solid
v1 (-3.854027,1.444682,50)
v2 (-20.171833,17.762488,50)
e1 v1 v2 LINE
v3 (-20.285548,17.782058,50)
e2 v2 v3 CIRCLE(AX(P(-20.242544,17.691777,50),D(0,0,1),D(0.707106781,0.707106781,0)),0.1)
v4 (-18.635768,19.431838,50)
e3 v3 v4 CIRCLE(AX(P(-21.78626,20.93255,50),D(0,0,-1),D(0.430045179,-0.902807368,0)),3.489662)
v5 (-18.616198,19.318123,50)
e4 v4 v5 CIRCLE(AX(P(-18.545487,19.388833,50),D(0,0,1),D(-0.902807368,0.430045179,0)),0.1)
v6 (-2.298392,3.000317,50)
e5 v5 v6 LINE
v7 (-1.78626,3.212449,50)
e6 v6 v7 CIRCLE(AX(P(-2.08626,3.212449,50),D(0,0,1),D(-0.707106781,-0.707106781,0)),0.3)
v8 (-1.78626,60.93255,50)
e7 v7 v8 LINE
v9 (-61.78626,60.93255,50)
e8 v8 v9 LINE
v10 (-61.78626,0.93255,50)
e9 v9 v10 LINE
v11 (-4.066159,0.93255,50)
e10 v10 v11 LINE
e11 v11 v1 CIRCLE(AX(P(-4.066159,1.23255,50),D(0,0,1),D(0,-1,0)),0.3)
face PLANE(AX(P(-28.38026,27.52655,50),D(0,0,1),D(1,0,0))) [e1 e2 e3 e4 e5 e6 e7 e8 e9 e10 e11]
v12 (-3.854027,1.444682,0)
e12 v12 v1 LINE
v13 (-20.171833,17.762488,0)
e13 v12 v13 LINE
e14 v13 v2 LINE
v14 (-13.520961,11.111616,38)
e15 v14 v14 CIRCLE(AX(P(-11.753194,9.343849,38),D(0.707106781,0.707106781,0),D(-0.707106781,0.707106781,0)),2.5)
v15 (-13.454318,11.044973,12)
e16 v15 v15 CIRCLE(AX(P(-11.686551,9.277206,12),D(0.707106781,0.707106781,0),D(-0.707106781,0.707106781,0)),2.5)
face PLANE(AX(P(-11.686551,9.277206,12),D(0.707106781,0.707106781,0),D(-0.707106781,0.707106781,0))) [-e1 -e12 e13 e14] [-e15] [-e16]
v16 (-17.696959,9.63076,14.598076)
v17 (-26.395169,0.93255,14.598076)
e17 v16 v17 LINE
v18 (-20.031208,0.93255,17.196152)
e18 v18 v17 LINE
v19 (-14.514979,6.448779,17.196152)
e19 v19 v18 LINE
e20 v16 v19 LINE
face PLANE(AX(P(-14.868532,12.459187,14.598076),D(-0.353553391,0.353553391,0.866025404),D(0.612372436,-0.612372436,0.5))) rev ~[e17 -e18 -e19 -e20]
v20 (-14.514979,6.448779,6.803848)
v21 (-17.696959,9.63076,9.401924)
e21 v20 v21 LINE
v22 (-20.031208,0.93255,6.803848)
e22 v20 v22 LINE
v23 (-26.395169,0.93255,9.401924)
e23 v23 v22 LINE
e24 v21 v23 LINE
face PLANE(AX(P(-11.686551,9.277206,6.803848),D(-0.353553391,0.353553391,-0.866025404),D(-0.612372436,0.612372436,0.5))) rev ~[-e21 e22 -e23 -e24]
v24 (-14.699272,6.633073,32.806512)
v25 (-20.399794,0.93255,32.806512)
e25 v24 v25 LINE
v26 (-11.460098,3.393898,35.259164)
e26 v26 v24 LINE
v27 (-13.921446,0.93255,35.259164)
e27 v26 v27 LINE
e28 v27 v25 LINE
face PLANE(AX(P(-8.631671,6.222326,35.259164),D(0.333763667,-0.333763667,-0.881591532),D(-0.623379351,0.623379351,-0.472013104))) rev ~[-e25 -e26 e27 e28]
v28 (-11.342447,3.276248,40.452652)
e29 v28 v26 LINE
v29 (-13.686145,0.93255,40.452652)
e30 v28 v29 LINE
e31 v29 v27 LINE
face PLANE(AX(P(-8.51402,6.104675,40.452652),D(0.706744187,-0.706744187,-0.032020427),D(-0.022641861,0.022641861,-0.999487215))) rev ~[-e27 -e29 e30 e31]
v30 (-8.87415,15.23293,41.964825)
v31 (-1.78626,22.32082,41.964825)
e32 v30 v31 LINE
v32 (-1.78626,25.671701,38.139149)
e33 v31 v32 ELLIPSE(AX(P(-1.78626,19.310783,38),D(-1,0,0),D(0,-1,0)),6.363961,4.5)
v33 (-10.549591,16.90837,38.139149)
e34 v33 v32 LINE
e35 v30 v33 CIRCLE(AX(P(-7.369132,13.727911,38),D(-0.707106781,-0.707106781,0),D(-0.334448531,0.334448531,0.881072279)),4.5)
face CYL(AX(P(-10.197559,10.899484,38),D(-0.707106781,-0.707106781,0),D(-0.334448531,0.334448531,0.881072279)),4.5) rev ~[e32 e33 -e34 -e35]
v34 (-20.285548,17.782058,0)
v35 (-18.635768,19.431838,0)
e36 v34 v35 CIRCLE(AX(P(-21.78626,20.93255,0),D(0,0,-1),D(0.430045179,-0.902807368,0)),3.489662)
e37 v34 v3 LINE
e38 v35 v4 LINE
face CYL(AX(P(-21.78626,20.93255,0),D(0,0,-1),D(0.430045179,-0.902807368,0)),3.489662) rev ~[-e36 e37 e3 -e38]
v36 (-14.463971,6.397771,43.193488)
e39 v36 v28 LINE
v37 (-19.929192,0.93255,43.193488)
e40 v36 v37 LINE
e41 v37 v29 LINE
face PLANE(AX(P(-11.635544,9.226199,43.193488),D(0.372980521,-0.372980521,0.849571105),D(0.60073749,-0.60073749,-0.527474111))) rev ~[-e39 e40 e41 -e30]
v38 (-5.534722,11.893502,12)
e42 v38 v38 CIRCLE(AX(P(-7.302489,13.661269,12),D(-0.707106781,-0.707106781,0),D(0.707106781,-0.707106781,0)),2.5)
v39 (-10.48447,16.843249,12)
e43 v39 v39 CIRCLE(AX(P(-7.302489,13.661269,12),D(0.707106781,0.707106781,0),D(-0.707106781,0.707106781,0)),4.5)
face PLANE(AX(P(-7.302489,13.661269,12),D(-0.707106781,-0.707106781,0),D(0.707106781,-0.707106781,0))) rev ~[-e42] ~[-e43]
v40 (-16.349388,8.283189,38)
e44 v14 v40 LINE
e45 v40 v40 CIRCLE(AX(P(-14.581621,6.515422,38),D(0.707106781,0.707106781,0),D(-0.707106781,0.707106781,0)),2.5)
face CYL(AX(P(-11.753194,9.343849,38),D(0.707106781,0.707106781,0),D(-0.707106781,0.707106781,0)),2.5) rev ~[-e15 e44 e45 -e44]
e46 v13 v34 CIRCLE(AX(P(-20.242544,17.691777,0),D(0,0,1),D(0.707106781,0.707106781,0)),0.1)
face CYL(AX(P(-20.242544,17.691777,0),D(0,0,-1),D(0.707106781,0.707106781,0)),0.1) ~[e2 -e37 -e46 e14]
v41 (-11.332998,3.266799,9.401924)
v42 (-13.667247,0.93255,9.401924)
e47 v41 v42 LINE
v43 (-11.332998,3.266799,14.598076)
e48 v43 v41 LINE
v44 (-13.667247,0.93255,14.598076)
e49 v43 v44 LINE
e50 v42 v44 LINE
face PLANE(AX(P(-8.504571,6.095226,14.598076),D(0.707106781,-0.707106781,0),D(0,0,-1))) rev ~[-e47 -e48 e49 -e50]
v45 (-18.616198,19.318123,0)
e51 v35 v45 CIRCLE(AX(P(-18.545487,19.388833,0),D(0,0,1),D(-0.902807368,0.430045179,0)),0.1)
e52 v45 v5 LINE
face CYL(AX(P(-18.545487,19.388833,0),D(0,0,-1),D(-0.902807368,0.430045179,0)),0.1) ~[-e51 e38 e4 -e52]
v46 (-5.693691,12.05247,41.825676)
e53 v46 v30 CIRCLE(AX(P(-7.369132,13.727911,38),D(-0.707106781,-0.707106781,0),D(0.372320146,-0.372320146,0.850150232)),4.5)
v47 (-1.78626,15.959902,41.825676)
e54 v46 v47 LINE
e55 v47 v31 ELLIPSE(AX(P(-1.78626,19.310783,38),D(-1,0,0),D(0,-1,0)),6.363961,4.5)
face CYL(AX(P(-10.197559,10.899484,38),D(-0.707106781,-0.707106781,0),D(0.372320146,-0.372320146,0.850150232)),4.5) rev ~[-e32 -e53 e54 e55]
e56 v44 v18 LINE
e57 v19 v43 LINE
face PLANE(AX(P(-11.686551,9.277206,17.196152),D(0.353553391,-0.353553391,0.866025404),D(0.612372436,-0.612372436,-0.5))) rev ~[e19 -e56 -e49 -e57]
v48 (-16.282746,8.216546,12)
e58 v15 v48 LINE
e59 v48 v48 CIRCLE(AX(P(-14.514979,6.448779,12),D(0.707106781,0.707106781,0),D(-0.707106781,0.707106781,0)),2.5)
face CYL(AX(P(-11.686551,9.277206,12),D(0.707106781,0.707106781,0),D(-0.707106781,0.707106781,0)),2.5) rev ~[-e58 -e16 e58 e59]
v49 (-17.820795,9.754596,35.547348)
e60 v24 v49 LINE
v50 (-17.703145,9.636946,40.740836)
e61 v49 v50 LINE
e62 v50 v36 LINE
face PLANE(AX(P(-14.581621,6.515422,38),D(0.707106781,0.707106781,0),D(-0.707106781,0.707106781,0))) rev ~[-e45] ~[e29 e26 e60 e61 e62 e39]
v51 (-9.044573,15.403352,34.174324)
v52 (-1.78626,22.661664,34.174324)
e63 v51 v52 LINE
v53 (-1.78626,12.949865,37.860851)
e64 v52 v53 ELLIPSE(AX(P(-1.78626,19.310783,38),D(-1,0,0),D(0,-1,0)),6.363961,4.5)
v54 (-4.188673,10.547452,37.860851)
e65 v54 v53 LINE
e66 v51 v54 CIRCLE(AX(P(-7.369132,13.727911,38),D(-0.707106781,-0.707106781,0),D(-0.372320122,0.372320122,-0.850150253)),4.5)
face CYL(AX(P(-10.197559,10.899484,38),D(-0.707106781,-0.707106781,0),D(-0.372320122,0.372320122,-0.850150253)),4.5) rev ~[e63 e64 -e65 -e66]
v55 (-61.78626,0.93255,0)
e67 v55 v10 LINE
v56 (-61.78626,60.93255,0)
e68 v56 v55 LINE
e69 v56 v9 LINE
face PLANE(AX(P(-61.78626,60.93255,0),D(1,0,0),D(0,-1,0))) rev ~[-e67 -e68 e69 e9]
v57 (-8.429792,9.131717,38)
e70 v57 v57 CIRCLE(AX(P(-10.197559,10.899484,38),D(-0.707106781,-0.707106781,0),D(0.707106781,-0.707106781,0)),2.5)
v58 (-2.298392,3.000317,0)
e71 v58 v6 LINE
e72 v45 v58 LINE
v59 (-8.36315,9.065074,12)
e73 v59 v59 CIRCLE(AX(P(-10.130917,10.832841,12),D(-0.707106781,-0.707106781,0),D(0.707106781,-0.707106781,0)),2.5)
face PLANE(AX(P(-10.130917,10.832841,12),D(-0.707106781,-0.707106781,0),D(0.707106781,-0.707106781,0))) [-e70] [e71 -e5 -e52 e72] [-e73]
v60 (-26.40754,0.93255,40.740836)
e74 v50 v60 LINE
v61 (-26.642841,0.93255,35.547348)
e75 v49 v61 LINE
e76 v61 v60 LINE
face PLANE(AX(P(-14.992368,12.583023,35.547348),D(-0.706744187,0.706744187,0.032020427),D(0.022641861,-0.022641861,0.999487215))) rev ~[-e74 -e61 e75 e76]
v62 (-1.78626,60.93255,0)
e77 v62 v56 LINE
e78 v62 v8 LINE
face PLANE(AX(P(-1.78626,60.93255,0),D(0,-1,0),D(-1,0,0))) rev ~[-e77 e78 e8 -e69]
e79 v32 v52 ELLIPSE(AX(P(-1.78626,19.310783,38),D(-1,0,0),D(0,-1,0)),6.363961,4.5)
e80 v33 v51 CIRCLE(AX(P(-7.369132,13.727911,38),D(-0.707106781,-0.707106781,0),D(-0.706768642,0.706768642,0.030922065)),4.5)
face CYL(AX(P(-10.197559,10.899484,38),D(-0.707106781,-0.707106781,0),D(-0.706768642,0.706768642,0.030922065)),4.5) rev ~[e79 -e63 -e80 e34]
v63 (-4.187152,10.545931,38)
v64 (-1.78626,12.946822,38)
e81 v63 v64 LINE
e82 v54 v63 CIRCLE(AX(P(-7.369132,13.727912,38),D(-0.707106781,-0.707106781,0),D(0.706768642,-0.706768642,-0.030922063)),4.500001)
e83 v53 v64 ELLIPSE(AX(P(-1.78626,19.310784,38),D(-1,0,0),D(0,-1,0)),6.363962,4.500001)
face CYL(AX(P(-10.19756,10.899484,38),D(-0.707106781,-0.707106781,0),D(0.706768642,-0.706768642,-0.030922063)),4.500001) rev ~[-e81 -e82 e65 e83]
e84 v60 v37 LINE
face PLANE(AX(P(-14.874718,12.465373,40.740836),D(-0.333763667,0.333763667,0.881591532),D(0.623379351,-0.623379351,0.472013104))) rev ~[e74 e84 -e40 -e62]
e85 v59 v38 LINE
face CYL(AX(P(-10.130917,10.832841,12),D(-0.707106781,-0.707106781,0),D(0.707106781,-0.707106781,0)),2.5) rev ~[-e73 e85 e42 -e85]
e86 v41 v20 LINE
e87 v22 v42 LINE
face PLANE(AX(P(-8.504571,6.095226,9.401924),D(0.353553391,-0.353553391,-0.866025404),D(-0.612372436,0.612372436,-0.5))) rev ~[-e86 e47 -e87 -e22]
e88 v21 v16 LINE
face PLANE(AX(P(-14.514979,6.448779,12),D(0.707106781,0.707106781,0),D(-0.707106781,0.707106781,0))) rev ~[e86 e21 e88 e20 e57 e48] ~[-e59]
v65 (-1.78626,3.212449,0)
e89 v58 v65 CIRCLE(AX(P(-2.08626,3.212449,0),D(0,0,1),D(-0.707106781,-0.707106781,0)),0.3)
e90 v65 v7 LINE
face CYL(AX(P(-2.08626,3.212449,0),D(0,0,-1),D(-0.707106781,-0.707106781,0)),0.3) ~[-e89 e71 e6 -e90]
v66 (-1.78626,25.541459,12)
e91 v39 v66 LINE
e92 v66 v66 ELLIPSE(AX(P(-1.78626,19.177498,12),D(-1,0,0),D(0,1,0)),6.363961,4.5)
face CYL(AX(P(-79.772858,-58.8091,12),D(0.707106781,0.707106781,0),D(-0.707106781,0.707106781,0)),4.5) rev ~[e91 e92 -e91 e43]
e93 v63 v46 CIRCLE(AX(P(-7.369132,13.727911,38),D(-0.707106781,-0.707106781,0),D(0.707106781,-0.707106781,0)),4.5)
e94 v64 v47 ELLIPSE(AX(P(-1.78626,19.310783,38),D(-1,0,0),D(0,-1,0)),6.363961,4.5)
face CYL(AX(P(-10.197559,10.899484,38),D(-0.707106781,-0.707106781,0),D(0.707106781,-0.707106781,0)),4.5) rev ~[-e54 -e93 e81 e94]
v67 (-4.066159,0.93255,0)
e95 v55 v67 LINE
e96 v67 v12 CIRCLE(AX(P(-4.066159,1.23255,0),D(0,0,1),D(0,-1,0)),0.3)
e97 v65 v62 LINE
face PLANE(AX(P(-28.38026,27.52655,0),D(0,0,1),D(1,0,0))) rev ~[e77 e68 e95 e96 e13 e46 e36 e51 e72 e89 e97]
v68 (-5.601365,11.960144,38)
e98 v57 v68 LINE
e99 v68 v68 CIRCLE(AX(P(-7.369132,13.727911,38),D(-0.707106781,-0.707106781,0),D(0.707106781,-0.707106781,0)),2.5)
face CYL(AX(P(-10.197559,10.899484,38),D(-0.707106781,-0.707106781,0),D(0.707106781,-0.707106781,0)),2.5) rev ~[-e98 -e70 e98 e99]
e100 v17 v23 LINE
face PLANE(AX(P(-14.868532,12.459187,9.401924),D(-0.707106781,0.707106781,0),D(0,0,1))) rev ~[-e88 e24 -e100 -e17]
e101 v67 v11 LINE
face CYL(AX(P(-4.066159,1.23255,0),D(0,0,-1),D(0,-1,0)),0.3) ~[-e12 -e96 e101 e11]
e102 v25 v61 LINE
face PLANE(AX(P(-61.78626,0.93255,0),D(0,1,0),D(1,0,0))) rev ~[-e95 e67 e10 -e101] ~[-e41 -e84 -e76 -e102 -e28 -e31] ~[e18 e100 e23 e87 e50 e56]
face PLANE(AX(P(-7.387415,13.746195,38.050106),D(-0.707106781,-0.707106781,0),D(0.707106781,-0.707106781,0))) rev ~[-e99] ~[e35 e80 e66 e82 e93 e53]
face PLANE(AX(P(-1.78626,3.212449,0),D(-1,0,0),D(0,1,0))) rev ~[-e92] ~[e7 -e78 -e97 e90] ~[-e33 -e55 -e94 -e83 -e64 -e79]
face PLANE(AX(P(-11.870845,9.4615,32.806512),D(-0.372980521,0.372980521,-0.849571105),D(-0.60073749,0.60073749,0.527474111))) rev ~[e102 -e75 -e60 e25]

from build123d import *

# Parameters (mm, degrees)
F1_DEPTH  = 50
F3_D      = 5
F3_DEPTH  = 41.3274068712
F4_D      = 5
F2_R      = 2.5
F5_DEPTH  = 25
F7_DEPTH  = 4
F8_D      = 5
F8_DEPTH  = 43.5274068712
F9_R      = 2.5
F10_DEPTH = 25
F11_DEPTH = 4
F12_D     = 9
F2_R_2    = 4.5
F13_DEPTH = 4
F14_DEPTH = 4


with BuildPart() as f1:
    # F0 (on Top) → F1 (new body)
    with BuildSketch(Plane.XY):
        with BuildLine():
            Line((-1.7862601951, 60.9325501156), (-61.7862601951, 60.9325501156))
            Line((-61.7862601951, 60.9325501156), (-61.7862601951, 0.9325501156))
            Line((-61.7862601951, 0.9325501156), (-4.0661591824, 0.9325501156))
            ThreePointArc((-4.0661591824, 0.9325501156), (-3.7889953226, 1.1177450859), (-3.854027148, 1.4446821499))
            Line((-3.854027148, 1.4446821499), (-20.1718328565, 17.7624878584))
            ThreePointArc((-20.1718328565, 17.7624878584), (-20.2255831505, 17.7903284125), (-20.2855480525, 17.7820579171))
            ThreePointArc((-20.2855480525, 17.7820579171), (-24.2538235709, 23.4001134914), (-18.6357679966, 19.431837973))
            ThreePointArc((-18.6357679966, 19.431837973), (-18.644038492, 19.371873071), (-18.6161979379, 19.318122777))
            Line((-18.6161979379, 19.318122777), (-2.2983922294, 3.0003170685))
            ThreePointArc((-2.2983922294, 3.0003170685), (-1.9714551654, 2.9352852431), (-1.7862601951, 3.2124491029))
            Line((-1.7862601951, 3.2124491029), (-1.7862601951, 60.9325501156))
        make_face()
    extrude(amount=F1_DEPTH)

    # F3 (through all, one way)
    with BuildSketch(Plane(origin=(0.3509624196, 0.3509624196, 0), x_dir=(0.7071067812, -0.7071067812, 0), z_dir=(-0.7071067812, -0.7071067812, 0))):
        with Locations((-14.9178623246, 38)):
            Circle(F3_D / 2)
    extrude(amount=-F3_DEPTH, mode=Mode.SUBTRACT)

    # F4 (through all)
    with Locations(Plane(origin=(0.3509624196, 0.3509624196, 0), x_dir=(0.7071067812, -0.7071067812, 0), z_dir=(0.7071067812, 0.7071067812, 0))):
        with Locations((-14.9178623246, -38)):
            Hole(F4_D / 2)


with BuildPart() as f5:
    # F2 (on face) → F5 (new body)
    with BuildSketch(Plane(origin=(0.3509624196, 0.3509624196, 0), x_dir=(0.7071067812, -0.7071067812, 0), z_dir=(-0.7071067812, -0.7071067812, 0))):
        with BuildLine():
            ThreePointArc((-10.4200142309, 37.8608507059), (-10.4184003334, 37.9304170338), (-10.4178623246, 38))
            ThreePointArc((-10.4178623246, 38), (-10.9864224448, 40.1894703631), (-12.5484314228, 41.825676045))
            ThreePointArc((-12.5484314228, 41.825676045), (-14.778713123, 42.4978480966), (-17.0462797434, 41.9648252536))
            ThreePointArc((-17.0462797434, 41.9648252536), (-18.7435384475, 40.3694307761), (-19.4157104183, 38.1391492941))
            ThreePointArc((-19.4157104183, 38.1391492941), (-18.8826876493, 35.8715827137), (-17.2872930734, 34.1743238602))
            ThreePointArc((-17.2872930734, 34.1743238602), (-15.0570115589, 33.5021519045), (-12.789445122, 34.0351746304))
            ThreePointArc((-12.789445122, 34.0351746304), (-11.0921862663, 35.6305691196), (-10.4200142309, 37.8608507059))
        make_face()
        with Locations((-14.9178623246, 38)):
            Circle(F2_R, mode=Mode.SUBTRACT)
    extrude(amount=-F5_DEPTH)


with BuildPart() as f1_1:
    add(f1.part)

    # F6: cut F5
    add(f5.part, mode=Mode.SUBTRACT)

    # F2 (on face) → F7 (join)
    with BuildSketch(Plane(origin=(0.3509624196, 0.3509624196, 0), x_dir=(0.7071067812, -0.7071067812, 0), z_dir=(-0.7071067812, -0.7071067812, 0))):
        with BuildLine():
            ThreePointArc((-10.4200142309, 37.8608507059), (-10.4184003334, 37.9304170338), (-10.4178623246, 38))
            ThreePointArc((-10.4178623246, 38), (-10.9864224448, 40.1894703631), (-12.5484314228, 41.825676045))
            ThreePointArc((-12.5484314228, 41.825676045), (-14.778713123, 42.4978480966), (-17.0462797434, 41.9648252536))
            ThreePointArc((-17.0462797434, 41.9648252536), (-18.7435384475, 40.3694307761), (-19.4157104183, 38.1391492941))
            ThreePointArc((-19.4157104183, 38.1391492941), (-18.8826876493, 35.8715827137), (-17.2872930734, 34.1743238602))
            ThreePointArc((-17.2872930734, 34.1743238602), (-15.0570115589, 33.5021519045), (-12.789445122, 34.0351746304))
            ThreePointArc((-12.789445122, 34.0351746304), (-11.0921862663, 35.6305691196), (-10.4200142309, 37.8608507059))
        make_face()
        with Locations((-14.9178623246, 38)):
            Circle(F2_R, mode=Mode.SUBTRACT)
    extrude(amount=-F7_DEPTH)

    # F8 (through all, one way)
    with BuildSketch(Plane(origin=(0.3509624196, 0.3509624196, 0), x_dir=(0.7071067812, -0.7071067812, 0), z_dir=(0.7071067812, 0.7071067812, 0))):
        with Locations((-14.8236154172, -12)):
            Circle(F8_D / 2)
    extrude(amount=-F8_DEPTH, mode=Mode.SUBTRACT)

    # F9 (on face) → F10 (cut)
    with BuildSketch(Plane(origin=(-1.2046724991, -1.2046724991, 0), x_dir=(-0.7071067812, 0.7071067812, 0), z_dir=(0.7071067812, 0.7071067812, 0))):
        Polygon((14.7514793048, 43.1934879119), (10.3369783488, 40.452652034), (10.5033613687, 35.2591641221), (15.0842453445, 32.8065120881), (19.4987463005, 35.547347966), (19.3323632806, 40.7408358779), align=None)
        with Locations((14.9178623246, 38)):
            Circle(F9_R, mode=Mode.SUBTRACT)
        Polygon((19.3236154172, 9.4019237886), (19.3236154172, 14.5980762114), (14.8236154172, 17.1961524227), (10.3236154172, 14.5980762114), (10.3236154172, 9.4019237886), (14.8236154172, 6.8038475773), align=None)
    extrude(amount=-F10_DEPTH, mode=Mode.SUBTRACT)

    # F9 (on face) → F11 (join)
    with BuildSketch(Plane(origin=(-1.2046724991, -1.2046724991, 0), x_dir=(-0.7071067812, 0.7071067812, 0), z_dir=(0.7071067812, 0.7071067812, 0))):
        Polygon((14.7514793048, 43.1934879119), (10.3369783488, 40.452652034), (10.5033613687, 35.2591641221), (15.0842453445, 32.8065120881), (19.4987463005, 35.547347966), (19.3323632806, 40.7408358779), align=None)
        with Locations((14.9178623246, 38)):
            Circle(F9_R, mode=Mode.SUBTRACT)
    extrude(amount=-F11_DEPTH)

    # F12 (through all)
    with Locations(Plane(origin=(0.3509624196, 0.3509624196, 0), x_dir=(0.7071067812, -0.7071067812, 0), z_dir=(-0.7071067812, -0.7071067812, 0))):
        with Locations((-14.8236154172, 12)):
            Hole(F12_D / 2)

    # F2 (on face) → F13 (join)
    with BuildSketch(Plane(origin=(0.3509624196, 0.3509624196, 0), x_dir=(0.7071067812, -0.7071067812, 0), z_dir=(-0.7071067812, -0.7071067812, 0))):
        with Locations((-14.8236154172, 12)):
            Circle(F2_R_2)
        with Locations((-14.8236154172, 12)):
            Circle(F2_R, mode=Mode.SUBTRACT)
    extrude(amount=-F13_DEPTH)

    # F9 (on face) → F14 (join)
    with BuildSketch(Plane(origin=(-1.2046724991, -1.2046724991, 0), x_dir=(-0.7071067812, 0.7071067812, 0), z_dir=(0.7071067812, 0.7071067812, 0))):
        Polygon((19.3236154172, 9.4019237886), (19.3236154172, 14.5980762114), (14.8236154172, 17.1961524227), (10.3236154172, 14.5980762114), (10.3236154172, 9.4019237886), (14.8236154172, 6.8038475773), align=None)
        with Locations((14.8236154172, 12)):
            Circle(F9_R, mode=Mode.SUBTRACT)
    extrude(amount=-F14_DEPTH)


solid = f1_1.part
